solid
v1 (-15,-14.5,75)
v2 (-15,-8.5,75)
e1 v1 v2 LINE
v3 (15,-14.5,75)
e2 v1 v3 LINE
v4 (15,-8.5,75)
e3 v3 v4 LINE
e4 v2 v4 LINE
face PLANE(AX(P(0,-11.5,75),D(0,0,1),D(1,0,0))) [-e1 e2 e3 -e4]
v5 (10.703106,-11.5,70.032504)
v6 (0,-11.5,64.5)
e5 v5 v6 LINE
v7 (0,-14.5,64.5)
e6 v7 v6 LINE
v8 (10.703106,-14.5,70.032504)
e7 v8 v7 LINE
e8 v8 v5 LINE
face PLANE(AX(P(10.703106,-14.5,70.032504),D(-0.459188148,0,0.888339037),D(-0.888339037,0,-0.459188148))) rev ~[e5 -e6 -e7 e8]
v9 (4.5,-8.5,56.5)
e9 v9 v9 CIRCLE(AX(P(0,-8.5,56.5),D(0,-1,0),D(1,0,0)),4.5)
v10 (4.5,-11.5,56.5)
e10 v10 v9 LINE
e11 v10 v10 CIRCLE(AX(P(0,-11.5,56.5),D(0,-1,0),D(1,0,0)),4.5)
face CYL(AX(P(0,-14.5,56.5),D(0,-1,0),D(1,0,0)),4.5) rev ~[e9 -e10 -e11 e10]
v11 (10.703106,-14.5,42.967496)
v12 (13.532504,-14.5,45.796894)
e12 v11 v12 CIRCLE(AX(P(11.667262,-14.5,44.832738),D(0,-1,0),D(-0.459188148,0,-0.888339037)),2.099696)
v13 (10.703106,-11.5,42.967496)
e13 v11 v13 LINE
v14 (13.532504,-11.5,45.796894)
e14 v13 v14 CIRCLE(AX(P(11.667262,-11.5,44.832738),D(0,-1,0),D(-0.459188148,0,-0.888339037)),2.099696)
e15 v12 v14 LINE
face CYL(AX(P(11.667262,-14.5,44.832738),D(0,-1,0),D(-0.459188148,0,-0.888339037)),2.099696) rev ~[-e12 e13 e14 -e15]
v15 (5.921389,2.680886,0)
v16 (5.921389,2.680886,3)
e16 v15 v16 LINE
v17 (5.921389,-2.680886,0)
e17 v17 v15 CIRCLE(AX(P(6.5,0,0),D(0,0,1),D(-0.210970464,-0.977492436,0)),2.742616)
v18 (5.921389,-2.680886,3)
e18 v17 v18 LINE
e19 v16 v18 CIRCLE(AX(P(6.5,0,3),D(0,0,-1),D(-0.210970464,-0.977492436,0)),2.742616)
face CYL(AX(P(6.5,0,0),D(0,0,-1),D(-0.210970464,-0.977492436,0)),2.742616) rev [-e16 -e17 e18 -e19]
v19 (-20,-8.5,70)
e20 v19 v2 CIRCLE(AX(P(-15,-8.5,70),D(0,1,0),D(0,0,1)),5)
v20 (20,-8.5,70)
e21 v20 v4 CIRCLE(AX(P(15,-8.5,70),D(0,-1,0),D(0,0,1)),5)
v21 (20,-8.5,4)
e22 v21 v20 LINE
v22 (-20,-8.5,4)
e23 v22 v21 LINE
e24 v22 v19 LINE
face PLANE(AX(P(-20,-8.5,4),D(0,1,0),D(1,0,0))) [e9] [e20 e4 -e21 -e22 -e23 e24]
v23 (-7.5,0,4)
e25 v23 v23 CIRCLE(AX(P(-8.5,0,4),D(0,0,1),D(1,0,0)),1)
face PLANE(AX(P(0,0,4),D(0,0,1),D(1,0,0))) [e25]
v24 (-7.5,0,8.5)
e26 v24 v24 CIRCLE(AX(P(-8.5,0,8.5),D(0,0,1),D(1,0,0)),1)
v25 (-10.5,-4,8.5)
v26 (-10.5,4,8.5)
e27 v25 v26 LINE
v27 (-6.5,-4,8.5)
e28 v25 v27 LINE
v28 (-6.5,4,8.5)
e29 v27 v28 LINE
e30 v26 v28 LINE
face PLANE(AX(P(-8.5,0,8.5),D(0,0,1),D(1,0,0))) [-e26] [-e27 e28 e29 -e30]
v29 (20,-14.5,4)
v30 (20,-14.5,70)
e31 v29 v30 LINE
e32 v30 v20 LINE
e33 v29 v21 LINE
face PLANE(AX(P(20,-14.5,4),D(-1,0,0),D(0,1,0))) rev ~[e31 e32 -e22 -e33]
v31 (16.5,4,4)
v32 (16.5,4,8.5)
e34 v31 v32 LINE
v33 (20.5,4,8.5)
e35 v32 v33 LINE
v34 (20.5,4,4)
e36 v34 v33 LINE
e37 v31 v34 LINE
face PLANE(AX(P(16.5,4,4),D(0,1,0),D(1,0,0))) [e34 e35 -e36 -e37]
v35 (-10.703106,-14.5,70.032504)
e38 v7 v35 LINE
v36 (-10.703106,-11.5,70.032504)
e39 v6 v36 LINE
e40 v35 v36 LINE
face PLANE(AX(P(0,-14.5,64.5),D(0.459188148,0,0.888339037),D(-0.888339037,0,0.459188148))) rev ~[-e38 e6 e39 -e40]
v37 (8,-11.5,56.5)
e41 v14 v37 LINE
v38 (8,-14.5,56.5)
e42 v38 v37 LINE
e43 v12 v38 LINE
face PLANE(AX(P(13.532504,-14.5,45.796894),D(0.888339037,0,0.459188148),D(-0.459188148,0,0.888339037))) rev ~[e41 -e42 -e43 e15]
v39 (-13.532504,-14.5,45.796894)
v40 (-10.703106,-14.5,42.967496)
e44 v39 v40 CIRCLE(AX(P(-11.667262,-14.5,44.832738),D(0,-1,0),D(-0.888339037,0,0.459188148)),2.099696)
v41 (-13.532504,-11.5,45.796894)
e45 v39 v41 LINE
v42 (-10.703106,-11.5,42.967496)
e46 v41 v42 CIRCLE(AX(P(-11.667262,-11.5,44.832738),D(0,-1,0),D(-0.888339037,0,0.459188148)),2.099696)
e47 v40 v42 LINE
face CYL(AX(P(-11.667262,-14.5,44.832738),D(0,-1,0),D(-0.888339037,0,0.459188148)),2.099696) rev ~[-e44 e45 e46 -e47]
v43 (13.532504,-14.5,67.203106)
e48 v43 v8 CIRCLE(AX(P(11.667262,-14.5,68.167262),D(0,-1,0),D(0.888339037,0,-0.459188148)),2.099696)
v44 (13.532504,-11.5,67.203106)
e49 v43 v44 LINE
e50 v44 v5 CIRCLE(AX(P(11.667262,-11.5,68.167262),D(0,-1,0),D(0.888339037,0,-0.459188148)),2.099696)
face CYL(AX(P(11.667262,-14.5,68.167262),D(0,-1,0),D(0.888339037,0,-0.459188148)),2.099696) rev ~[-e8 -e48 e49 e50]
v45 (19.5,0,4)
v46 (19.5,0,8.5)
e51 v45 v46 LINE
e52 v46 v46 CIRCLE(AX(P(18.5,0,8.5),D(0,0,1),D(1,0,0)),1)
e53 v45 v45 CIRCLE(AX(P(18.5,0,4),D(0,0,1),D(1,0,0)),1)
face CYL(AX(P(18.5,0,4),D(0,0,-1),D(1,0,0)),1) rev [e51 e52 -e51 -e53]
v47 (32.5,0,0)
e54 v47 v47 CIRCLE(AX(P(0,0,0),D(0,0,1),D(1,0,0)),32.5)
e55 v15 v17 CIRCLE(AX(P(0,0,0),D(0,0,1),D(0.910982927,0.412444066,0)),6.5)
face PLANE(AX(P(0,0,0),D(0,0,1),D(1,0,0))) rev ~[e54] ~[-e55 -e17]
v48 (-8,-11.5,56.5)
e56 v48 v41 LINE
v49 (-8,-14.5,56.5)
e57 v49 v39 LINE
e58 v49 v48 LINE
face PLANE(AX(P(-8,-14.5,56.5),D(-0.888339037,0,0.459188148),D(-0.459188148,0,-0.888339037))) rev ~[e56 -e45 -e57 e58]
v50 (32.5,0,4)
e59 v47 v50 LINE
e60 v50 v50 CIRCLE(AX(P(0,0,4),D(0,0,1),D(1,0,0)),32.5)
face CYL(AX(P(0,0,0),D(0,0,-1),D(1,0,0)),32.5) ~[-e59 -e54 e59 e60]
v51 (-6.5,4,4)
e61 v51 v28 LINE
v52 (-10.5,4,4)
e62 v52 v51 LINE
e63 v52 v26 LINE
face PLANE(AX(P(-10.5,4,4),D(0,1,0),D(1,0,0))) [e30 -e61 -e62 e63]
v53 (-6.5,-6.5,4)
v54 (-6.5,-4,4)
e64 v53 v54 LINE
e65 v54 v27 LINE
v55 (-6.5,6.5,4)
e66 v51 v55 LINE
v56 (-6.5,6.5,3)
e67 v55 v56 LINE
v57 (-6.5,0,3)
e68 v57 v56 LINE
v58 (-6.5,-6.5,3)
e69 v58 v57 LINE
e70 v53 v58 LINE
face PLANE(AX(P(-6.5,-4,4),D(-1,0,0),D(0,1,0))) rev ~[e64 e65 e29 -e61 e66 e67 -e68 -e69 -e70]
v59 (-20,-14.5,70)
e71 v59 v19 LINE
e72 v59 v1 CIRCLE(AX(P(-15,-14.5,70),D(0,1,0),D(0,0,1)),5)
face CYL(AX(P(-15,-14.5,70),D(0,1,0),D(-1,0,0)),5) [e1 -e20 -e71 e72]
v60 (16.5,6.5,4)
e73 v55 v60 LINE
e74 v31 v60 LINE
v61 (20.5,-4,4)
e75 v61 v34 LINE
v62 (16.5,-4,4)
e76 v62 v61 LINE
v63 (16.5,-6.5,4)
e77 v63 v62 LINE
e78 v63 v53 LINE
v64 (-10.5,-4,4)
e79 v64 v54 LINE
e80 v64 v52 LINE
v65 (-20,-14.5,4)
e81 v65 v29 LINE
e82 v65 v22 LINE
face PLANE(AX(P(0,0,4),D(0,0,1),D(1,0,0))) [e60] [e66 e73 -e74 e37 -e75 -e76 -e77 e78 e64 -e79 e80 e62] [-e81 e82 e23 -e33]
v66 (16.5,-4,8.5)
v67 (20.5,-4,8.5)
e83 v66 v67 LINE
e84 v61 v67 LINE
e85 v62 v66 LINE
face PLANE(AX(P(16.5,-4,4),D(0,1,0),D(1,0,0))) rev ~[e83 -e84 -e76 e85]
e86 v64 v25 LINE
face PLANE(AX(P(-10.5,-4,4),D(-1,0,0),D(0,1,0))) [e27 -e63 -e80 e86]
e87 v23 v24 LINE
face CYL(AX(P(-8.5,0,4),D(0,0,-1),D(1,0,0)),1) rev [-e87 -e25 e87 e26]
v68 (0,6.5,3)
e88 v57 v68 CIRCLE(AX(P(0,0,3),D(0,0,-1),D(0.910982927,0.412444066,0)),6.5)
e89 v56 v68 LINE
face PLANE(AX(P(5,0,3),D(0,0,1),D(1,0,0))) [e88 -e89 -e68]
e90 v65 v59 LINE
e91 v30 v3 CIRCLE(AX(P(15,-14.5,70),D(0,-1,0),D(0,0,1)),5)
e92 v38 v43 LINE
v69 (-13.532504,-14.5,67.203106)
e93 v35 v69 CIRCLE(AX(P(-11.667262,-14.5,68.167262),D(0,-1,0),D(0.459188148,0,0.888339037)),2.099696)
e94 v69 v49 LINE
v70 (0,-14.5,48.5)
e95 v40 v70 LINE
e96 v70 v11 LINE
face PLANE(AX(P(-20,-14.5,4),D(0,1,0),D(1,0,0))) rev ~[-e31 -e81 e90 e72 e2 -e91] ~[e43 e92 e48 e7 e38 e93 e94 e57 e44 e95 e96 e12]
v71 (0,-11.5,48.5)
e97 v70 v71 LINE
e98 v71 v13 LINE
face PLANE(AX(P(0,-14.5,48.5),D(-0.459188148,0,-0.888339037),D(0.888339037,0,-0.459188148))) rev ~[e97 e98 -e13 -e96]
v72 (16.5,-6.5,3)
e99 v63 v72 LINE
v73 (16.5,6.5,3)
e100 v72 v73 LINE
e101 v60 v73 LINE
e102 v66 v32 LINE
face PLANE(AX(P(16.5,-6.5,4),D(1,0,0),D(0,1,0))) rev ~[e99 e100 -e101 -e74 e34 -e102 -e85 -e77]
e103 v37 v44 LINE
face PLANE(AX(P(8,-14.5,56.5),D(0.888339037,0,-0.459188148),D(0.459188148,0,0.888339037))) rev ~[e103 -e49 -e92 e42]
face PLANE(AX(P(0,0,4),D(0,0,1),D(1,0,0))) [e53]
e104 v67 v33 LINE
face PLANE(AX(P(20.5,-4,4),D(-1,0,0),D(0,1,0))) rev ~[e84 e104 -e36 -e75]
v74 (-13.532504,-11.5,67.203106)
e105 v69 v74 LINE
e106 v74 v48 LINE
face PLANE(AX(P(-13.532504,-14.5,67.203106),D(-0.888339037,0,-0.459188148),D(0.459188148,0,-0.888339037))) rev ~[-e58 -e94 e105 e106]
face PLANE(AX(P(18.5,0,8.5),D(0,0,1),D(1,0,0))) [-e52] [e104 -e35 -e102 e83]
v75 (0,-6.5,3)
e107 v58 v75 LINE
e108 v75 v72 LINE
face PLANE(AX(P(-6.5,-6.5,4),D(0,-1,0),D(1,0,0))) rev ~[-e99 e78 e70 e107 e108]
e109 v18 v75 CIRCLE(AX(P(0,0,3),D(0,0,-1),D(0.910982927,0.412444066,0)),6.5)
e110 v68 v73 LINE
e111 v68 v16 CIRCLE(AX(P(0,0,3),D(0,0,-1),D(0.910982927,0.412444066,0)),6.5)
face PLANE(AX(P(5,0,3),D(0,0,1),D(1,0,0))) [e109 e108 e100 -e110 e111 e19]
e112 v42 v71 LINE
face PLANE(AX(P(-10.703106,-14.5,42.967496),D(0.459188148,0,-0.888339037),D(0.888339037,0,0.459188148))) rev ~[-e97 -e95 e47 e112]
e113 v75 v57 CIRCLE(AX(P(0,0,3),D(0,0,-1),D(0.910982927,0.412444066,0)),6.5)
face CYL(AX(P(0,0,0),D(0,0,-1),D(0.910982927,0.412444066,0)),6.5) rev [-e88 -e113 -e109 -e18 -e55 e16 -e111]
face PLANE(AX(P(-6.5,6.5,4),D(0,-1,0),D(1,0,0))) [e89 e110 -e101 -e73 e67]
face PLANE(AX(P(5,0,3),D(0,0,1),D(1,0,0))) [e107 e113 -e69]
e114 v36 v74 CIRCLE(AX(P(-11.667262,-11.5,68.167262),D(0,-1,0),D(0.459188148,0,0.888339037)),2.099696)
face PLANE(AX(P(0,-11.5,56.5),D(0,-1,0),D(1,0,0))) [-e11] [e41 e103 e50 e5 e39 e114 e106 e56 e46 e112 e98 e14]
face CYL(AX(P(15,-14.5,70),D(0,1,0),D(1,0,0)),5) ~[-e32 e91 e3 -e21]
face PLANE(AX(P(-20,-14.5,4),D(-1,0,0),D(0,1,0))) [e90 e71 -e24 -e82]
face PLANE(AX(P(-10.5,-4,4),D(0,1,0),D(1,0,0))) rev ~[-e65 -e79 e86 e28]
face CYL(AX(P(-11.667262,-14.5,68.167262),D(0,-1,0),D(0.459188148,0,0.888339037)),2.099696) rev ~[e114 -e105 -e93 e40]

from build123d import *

# Parameters (mm, degrees)
ESBO_O1_R                = 32.5
RESSALTO_EXTRUS_O1_DEPTH = 4
ESBO_O2_W                = 4
ESBO_O2_H                = 8
ESBO_O2_R                = 1
RESSALTO_EXTRUS_O3_DEPTH = 4.5
ESBO_O3_W                = 23
ESBO_O3_H                = 13
CORTE_EXTRUS_O1_DEPTH    = 1
ESBO_O4_W                = 40
ESBO_O4_H                = 6
RESSALTO_EXTRUS_O4_DEPTH = 71
ESBO_O5_R                = 4.5
CORTE_EXTRUS_O2_DEPTH    = 61
CORTE_EXTRUS_O3_DEPTH    = 3
FILETE1_R                = 5


with BuildPart() as part:
    # Esboço1 → Ressalto-extrusão1 (new body)
    with BuildSketch(Plane.XY):
        Circle(ESBO_O1_R)
        with BuildLine():
            ThreePointArc((5.921389022, 2.680886429), (-6.5, 0), (5.921389022, -2.680886429))
            ThreePointArc((5.921389022, -2.680886429), (9.242616034, 0), (5.921389022, 2.680886429))
        make_face(mode=Mode.SUBTRACT)
    extrude(amount=RESSALTO_EXTRUS_O1_DEPTH)

    # Esboço2 → Ressalto-extrusão3 (add)
    with BuildSketch(Plane.XY.offset(4)):
        with Locations((-8.5, 0)):
            Rectangle(ESBO_O2_W, ESBO_O2_H)
        with Locations((-8.5, 0)):
            Circle(ESBO_O2_R, mode=Mode.SUBTRACT)
        with Locations((18.5, 0)):
            Rectangle(ESBO_O2_W, ESBO_O2_H)
        with Locations((18.5, 0)):
            Circle(ESBO_O2_R, mode=Mode.SUBTRACT)
    extrude(amount=RESSALTO_EXTRUS_O3_DEPTH)

    # Esboço3 → Corte-extrusão1 (cut)
    with BuildSketch(Plane.XY.offset(4)):
        with Locations((5, 0)):
            Rectangle(ESBO_O3_W, ESBO_O3_H)
    extrude(amount=-CORTE_EXTRUS_O1_DEPTH, mode=Mode.SUBTRACT)

    # Esboço4 → Ressalto-extrusão4 (add)
    with BuildSketch(Plane.XY.offset(4)):
        with Locations((0, -11.5)):
            Rectangle(ESBO_O4_W, ESBO_O4_H)
    extrude(amount=RESSALTO_EXTRUS_O4_DEPTH)

    # Esboço5 → Corte-extrusão2 (cut)
    with BuildSketch(Plane.XZ.offset(14.5)):
        with Locations((0, 56.5)):
            Circle(ESBO_O5_R)
    extrude(amount=-CORTE_EXTRUS_O2_DEPTH, mode=Mode.SUBTRACT)

    # Esboço6 → Corte-extrusão3 (cut)
    with BuildSketch(Plane.XZ.offset(14.5)):
        with BuildLine():
            Line((0, 64.5), (-10.70310615, 70.032504242))
            ThreePointArc((-10.70310615, 70.032504242), (-13.151971512, 69.651971512), (-13.532504242, 67.20310615))
            Line((-13.532504242, 67.20310615), (-8, 56.5))
            Line((-8, 56.5), (-13.532504242, 45.79689385))
            ThreePointArc((-13.532504242, 45.79689385), (-13.151971512, 43.348028488), (-10.70310615, 42.967495758))
            Line((-10.70310615, 42.967495758), (0, 48.5))
            Line((0, 48.5), (10.70310615, 42.967495758))
            ThreePointArc((10.70310615, 42.967495758), (13.151971512, 43.348028488), (13.532504242, 45.79689385))
            Line((13.532504242, 45.79689385), (8, 56.5))
            Line((8, 56.5), (13.532504242, 67.20310615))
            ThreePointArc((13.532504242, 67.20310615), (13.151971512, 69.651971512), (10.70310615, 70.032504242))
            Line((10.70310615, 70.032504242), (0, 64.5))
        make_face()
    extrude(amount=-CORTE_EXTRUS_O3_DEPTH, mode=Mode.SUBTRACT)

    # Filete1
    filete1_edges = [part.edges().sort_by_distance(p)[0] for p in [
        (20, -11.5, 75),
        (-20, -11.5, 75),
    ]]
    fillet(filete1_edges, radius=FILETE1_R)


solid = part.part
